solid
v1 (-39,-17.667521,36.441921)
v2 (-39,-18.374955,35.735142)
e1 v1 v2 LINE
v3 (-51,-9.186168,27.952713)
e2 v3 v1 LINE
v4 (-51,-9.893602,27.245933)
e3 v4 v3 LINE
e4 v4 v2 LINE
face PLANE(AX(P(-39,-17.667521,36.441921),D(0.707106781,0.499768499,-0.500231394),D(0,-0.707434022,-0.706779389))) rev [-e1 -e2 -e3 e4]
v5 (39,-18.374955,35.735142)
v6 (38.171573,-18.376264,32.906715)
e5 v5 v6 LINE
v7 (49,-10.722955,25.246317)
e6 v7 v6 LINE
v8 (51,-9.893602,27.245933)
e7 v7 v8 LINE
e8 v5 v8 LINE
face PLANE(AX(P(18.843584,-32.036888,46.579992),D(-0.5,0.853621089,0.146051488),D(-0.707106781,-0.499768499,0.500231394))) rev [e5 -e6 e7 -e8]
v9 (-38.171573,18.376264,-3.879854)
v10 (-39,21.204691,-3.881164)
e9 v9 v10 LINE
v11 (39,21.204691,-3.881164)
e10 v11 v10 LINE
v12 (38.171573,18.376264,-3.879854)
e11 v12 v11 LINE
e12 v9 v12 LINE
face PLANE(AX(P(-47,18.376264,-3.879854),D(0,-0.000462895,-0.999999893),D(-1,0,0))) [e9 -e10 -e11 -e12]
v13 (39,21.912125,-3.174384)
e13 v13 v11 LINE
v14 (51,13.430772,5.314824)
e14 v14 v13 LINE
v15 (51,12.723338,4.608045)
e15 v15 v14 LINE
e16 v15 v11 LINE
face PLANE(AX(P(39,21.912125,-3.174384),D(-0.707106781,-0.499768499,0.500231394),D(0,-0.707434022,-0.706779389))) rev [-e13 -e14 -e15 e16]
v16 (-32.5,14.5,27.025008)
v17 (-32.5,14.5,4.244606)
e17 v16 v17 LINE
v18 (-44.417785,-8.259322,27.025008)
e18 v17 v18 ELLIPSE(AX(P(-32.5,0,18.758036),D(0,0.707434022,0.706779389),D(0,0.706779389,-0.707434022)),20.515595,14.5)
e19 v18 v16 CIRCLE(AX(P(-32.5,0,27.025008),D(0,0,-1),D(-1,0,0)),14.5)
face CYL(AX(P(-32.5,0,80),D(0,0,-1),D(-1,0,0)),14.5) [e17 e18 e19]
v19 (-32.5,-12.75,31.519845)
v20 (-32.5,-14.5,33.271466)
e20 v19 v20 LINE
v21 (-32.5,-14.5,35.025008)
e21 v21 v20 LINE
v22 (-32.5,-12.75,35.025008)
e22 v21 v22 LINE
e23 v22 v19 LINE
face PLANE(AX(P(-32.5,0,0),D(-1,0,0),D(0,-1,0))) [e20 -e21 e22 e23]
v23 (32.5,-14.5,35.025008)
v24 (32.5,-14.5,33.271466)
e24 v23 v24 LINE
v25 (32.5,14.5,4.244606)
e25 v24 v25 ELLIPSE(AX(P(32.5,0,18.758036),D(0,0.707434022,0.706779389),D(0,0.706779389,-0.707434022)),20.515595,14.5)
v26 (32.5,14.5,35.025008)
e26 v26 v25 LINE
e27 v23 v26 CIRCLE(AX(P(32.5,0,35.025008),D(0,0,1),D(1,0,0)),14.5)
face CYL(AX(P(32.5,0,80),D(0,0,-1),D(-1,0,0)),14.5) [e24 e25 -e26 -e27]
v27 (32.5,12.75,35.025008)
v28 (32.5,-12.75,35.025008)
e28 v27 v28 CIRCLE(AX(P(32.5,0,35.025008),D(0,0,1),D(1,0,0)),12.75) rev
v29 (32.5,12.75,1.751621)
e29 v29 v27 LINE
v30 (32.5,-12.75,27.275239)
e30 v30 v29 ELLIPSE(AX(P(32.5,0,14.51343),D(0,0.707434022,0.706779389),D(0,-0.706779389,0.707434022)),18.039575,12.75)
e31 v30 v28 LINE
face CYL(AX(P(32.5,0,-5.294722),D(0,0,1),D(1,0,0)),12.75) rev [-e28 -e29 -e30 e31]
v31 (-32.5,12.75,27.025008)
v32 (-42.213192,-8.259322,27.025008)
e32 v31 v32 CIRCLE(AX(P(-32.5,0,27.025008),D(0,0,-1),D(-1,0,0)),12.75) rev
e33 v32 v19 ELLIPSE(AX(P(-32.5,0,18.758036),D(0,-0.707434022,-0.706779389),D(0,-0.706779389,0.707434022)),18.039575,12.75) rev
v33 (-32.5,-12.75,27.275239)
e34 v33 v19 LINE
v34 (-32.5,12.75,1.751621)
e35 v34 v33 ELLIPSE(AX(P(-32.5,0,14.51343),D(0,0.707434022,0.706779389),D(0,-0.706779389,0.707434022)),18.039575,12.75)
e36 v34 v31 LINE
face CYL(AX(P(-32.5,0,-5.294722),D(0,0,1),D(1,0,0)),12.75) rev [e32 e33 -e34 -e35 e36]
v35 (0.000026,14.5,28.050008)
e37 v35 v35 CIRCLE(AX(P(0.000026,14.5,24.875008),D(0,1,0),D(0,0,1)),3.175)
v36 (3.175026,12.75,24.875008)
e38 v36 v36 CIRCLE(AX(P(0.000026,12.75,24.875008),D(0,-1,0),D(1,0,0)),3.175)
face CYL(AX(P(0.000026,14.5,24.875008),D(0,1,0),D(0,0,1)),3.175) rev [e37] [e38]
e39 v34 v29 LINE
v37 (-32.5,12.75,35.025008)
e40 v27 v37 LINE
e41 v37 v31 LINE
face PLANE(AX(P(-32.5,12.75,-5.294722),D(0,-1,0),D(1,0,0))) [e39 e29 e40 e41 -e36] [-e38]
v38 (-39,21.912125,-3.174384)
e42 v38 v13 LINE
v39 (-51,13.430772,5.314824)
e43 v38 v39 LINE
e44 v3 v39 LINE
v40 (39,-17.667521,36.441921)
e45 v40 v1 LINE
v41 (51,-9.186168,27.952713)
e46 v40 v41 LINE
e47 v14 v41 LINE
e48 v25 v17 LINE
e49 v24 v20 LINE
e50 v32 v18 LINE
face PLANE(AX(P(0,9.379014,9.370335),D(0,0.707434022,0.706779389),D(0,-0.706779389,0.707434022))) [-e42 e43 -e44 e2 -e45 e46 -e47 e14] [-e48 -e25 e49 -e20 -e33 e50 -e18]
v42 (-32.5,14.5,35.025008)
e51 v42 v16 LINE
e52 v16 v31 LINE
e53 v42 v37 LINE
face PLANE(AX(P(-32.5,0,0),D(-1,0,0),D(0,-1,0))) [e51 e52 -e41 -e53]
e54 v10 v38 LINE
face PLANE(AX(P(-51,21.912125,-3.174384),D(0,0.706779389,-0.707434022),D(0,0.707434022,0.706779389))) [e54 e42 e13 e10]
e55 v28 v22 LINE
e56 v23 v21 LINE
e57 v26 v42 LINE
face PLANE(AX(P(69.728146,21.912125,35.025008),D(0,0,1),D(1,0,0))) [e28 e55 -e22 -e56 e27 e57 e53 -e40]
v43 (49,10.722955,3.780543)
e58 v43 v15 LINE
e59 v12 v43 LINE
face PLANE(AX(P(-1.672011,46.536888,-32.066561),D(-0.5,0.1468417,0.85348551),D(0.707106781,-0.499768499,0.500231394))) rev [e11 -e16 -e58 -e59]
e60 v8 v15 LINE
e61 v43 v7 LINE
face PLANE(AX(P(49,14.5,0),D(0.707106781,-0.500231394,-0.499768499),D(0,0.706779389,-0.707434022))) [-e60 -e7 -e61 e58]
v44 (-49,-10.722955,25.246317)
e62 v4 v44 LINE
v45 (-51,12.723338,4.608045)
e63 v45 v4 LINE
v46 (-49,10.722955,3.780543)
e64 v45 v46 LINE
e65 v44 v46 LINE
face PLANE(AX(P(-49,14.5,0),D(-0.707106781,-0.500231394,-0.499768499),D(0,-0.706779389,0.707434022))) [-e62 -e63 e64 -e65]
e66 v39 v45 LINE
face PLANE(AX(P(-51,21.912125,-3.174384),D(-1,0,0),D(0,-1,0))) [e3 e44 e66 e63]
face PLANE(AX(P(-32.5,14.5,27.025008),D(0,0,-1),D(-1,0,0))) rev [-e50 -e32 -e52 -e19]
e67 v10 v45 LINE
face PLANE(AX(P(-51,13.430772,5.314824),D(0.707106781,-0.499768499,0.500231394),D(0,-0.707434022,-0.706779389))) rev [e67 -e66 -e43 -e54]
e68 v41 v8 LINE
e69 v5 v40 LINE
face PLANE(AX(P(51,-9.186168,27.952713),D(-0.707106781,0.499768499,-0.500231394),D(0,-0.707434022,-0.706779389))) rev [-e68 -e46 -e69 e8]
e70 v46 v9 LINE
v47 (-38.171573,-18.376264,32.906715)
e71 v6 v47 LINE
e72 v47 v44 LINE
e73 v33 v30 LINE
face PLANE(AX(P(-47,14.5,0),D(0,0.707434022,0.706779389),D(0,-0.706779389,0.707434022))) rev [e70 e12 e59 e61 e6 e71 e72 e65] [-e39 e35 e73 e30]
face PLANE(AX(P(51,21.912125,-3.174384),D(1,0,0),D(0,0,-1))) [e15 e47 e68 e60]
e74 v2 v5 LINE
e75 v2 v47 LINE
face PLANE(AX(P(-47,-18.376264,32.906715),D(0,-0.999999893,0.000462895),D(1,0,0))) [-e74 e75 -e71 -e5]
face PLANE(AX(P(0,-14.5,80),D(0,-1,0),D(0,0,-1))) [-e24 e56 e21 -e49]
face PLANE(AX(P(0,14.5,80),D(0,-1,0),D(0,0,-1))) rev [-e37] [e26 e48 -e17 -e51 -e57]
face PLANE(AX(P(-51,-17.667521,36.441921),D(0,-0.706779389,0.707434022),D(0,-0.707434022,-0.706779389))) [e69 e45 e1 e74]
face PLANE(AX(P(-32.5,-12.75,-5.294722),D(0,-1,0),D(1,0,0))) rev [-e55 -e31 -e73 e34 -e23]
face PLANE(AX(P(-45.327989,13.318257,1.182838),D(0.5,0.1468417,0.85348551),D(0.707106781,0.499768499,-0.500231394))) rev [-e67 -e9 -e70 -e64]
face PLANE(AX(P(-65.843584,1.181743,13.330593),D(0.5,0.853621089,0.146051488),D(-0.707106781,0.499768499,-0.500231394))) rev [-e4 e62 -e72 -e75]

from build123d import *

# Parameters (mm, degrees)
BOSS_EXTRUDE12_DEPTH            = 80
CUT_EXTRUDE10_DEPTH             = 114.712356409
CUT_EXTRUDE10_DEPTH_BACK        = 114.712356409
SKETCH37_W                      = 102
SKETCH37_H                      = 56
BOSS_EXTRUDE16_DEPTH            = 3
CUT_EXTRUDE11_DEPTH             = 102.766059637
SKETCH40_W                      = 127.486838651
SKETCH40_H                      = 54.833163407
CUT_EXTRUDE12_DEPTH             = 102.007241851
CUT_EXTRUDE12_DIRECTION_2_REACH = 103.007
CUT_EXTRUDE14_DEPTH             = 18.5
F_1_4_0_25_DIAMETER_HOLE1_D     = 6.35
F_1_4_0_25_DIAMETER_HOLE1_DEPTH = 5
F_1_4_0_25_DIAMETER_HOLE1_TIP   = 1.907732465
CHAMFER2_SIZE                   = 12
CHAMFER3_SIZE                   = 2


with BuildPart() as part:
    # Sketch22 → Boss-Extrude12 (new body)
    with BuildSketch(Plane.XY):
        with BuildLine():
            Line((32.5, -14.5), (-32.5, -14.5))
            ThreePointArc((-32.5, -14.5), (-47, 0), (-32.5, 14.5))
            Line((-32.5, 14.5), (32.5, 14.5))
            ThreePointArc((32.5, 14.5), (47, 0), (32.5, -14.5))
        make_face()
    extrude(amount=BOSS_EXTRUDE12_DEPTH)

    # Sketch35 → Cut-Extrude10 (cut, two sides: drawn at the far end of the back side and taken through both)
    with BuildSketch(Plane(origin=(-32.5, 0, 0), x_dir=(0, 0, -1), z_dir=(1, 0, 0)).offset(-CUT_EXTRUDE10_DEPTH_BACK)):
        Polygon((0, 14.5), (-29.026860374, -14.5), (0, -14.5), align=None)
    extrude(amount=CUT_EXTRUDE10_DEPTH + CUT_EXTRUDE10_DEPTH_BACK, mode=Mode.SUBTRACT)

    # Sketch37 → Boss-Extrude16 (add)
    with BuildSketch(Plane(origin=(0, 7.256711984, 7.249996893), x_dir=(-1, 0, 0), z_dir=(0, -0.7074340219640284, -0.7067793888957138))):
        with Locations((0, -10.26729429)):
            Rectangle(SKETCH37_W, SKETCH37_H)
    extrude(amount=-BOSS_EXTRUDE16_DEPTH)

    # Sketch38 → Cut-Extrude11 (cut, through all)
    with BuildSketch(Plane.XY.offset(80)):
        with BuildLine():
            Line((-32.5, 12.75), (32.5, 12.75))
            ThreePointArc((32.5, 12.75), (45.25, 0), (32.5, -12.75))
            Line((32.5, -12.75), (-32.5, -12.75))
            ThreePointArc((-32.5, -12.75), (-45.25, 0), (-32.5, 12.75))
        make_face()
    extrude(amount=-CUT_EXTRUDE11_DEPTH, mode=Mode.SUBTRACT)

    # Sketch40 → Cut-Extrude12 (cut)
    with BuildSketch(Plane(origin=(0, -12.75, 0), x_dir=(1, 0, 0), z_dir=(0, 1, 0))):
        with Locations((5.984726224, -62.441589639)):
            Rectangle(SKETCH40_W, SKETCH40_H)
    extrude(amount=CUT_EXTRUDE12_DEPTH, mode=Mode.SUBTRACT)

    # Cut-Extrude12 direction 2: up to this face of the body (flat: up to its plane)
    cut_extrude12_direction_2_end = Plane(part.part.faces().sort_by_distance((0, -14.5, 56.635733163))[0])
    # Sketch40 → Cut-Extrude12 direction 2 (cut, up to the picked face)
    with BuildSketch(Plane(origin=(0, -12.75, 0), x_dir=(1, 0, 0), z_dir=(0, 1, 0)), mode=Mode.PRIVATE) as cut_extrude12_direction_2_sk1:
        with Locations((5.984726224, -62.441589639)):
            Rectangle(SKETCH40_W, SKETCH40_H)
    cut_extrude12_direction_2_tool1 = split(extrude(cut_extrude12_direction_2_sk1.sketch, amount=-CUT_EXTRUDE12_DIRECTION_2_REACH, mode=Mode.PRIVATE), bisect_by=cut_extrude12_direction_2_end, keep=Keep.BOTH, mode=Mode.PRIVATE)
    add(cut_extrude12_direction_2_tool1.solids().sort_by(Axis((5.984726, -12.75, 62.44159), (0, -1, 0)))[0], mode=Mode.SUBTRACT)

    # Sketch42 → Cut-Extrude14 (cut)
    with BuildSketch(Plane.ZY.offset(51)):
        Polygon((35.025007935, 14.5), (27.025007935, 14.5), (27.025007935, -8.259321849), (33.271466325, -14.5), (35.025007935, -14.5), align=None)
    extrude(amount=-CUT_EXTRUDE14_DEPTH, mode=Mode.SUBTRACT)

    # 1/4 (0.25) Diameter Hole1
    with Locations(Plane(origin=(0, 14.5, 0), x_dir=(1, 0, 0), z_dir=(0, 1, 0))):
        with Locations((2.6293e-05, -24.875007935)):
            Hole(F_1_4_0_25_DIAMETER_HOLE1_D / 2, depth=F_1_4_0_25_DIAMETER_HOLE1_DEPTH)
            with Locations((0, 0, -(F_1_4_0_25_DIAMETER_HOLE1_DEPTH + F_1_4_0_25_DIAMETER_HOLE1_TIP / 2))):  # 118° drill point
                Cone(0, F_1_4_0_25_DIAMETER_HOLE1_D / 2, F_1_4_0_25_DIAMETER_HOLE1_TIP, mode=Mode.SUBTRACT)

    # Chamfer2
    chamfer2_edges = [part.edges().sort_by_distance(p)[0] for p in [
        (51, -18.728671856, 35.381751886),
        (51, 20.850973922, -4.234553344),
        (-51, 20.850973922, -4.234553344),
        (-51, -18.728671856, 35.381751886),
    ]]
    chamfer(chamfer2_edges, length=CHAMFER2_SIZE)

    # Chamfer3
    chamfer3_edges = [part.edges().sort_by_distance(p)[0] for p in [
        (-51, 0, 14.513430187),
        (51, 0, 14.513430187),
        (0, -19.789822889, 34.321582802),
        (0, 19.789822889, -5.294722428),
        (-45, -15.549146556, 30.07697867),
        (45, -15.549146556, 30.07697867),
        (45, 15.549146556, -1.050118296),
        (-45, 15.549146556, -1.050118296),
    ]]
    chamfer(chamfer3_edges, length=CHAMFER3_SIZE)


solid = part.part
